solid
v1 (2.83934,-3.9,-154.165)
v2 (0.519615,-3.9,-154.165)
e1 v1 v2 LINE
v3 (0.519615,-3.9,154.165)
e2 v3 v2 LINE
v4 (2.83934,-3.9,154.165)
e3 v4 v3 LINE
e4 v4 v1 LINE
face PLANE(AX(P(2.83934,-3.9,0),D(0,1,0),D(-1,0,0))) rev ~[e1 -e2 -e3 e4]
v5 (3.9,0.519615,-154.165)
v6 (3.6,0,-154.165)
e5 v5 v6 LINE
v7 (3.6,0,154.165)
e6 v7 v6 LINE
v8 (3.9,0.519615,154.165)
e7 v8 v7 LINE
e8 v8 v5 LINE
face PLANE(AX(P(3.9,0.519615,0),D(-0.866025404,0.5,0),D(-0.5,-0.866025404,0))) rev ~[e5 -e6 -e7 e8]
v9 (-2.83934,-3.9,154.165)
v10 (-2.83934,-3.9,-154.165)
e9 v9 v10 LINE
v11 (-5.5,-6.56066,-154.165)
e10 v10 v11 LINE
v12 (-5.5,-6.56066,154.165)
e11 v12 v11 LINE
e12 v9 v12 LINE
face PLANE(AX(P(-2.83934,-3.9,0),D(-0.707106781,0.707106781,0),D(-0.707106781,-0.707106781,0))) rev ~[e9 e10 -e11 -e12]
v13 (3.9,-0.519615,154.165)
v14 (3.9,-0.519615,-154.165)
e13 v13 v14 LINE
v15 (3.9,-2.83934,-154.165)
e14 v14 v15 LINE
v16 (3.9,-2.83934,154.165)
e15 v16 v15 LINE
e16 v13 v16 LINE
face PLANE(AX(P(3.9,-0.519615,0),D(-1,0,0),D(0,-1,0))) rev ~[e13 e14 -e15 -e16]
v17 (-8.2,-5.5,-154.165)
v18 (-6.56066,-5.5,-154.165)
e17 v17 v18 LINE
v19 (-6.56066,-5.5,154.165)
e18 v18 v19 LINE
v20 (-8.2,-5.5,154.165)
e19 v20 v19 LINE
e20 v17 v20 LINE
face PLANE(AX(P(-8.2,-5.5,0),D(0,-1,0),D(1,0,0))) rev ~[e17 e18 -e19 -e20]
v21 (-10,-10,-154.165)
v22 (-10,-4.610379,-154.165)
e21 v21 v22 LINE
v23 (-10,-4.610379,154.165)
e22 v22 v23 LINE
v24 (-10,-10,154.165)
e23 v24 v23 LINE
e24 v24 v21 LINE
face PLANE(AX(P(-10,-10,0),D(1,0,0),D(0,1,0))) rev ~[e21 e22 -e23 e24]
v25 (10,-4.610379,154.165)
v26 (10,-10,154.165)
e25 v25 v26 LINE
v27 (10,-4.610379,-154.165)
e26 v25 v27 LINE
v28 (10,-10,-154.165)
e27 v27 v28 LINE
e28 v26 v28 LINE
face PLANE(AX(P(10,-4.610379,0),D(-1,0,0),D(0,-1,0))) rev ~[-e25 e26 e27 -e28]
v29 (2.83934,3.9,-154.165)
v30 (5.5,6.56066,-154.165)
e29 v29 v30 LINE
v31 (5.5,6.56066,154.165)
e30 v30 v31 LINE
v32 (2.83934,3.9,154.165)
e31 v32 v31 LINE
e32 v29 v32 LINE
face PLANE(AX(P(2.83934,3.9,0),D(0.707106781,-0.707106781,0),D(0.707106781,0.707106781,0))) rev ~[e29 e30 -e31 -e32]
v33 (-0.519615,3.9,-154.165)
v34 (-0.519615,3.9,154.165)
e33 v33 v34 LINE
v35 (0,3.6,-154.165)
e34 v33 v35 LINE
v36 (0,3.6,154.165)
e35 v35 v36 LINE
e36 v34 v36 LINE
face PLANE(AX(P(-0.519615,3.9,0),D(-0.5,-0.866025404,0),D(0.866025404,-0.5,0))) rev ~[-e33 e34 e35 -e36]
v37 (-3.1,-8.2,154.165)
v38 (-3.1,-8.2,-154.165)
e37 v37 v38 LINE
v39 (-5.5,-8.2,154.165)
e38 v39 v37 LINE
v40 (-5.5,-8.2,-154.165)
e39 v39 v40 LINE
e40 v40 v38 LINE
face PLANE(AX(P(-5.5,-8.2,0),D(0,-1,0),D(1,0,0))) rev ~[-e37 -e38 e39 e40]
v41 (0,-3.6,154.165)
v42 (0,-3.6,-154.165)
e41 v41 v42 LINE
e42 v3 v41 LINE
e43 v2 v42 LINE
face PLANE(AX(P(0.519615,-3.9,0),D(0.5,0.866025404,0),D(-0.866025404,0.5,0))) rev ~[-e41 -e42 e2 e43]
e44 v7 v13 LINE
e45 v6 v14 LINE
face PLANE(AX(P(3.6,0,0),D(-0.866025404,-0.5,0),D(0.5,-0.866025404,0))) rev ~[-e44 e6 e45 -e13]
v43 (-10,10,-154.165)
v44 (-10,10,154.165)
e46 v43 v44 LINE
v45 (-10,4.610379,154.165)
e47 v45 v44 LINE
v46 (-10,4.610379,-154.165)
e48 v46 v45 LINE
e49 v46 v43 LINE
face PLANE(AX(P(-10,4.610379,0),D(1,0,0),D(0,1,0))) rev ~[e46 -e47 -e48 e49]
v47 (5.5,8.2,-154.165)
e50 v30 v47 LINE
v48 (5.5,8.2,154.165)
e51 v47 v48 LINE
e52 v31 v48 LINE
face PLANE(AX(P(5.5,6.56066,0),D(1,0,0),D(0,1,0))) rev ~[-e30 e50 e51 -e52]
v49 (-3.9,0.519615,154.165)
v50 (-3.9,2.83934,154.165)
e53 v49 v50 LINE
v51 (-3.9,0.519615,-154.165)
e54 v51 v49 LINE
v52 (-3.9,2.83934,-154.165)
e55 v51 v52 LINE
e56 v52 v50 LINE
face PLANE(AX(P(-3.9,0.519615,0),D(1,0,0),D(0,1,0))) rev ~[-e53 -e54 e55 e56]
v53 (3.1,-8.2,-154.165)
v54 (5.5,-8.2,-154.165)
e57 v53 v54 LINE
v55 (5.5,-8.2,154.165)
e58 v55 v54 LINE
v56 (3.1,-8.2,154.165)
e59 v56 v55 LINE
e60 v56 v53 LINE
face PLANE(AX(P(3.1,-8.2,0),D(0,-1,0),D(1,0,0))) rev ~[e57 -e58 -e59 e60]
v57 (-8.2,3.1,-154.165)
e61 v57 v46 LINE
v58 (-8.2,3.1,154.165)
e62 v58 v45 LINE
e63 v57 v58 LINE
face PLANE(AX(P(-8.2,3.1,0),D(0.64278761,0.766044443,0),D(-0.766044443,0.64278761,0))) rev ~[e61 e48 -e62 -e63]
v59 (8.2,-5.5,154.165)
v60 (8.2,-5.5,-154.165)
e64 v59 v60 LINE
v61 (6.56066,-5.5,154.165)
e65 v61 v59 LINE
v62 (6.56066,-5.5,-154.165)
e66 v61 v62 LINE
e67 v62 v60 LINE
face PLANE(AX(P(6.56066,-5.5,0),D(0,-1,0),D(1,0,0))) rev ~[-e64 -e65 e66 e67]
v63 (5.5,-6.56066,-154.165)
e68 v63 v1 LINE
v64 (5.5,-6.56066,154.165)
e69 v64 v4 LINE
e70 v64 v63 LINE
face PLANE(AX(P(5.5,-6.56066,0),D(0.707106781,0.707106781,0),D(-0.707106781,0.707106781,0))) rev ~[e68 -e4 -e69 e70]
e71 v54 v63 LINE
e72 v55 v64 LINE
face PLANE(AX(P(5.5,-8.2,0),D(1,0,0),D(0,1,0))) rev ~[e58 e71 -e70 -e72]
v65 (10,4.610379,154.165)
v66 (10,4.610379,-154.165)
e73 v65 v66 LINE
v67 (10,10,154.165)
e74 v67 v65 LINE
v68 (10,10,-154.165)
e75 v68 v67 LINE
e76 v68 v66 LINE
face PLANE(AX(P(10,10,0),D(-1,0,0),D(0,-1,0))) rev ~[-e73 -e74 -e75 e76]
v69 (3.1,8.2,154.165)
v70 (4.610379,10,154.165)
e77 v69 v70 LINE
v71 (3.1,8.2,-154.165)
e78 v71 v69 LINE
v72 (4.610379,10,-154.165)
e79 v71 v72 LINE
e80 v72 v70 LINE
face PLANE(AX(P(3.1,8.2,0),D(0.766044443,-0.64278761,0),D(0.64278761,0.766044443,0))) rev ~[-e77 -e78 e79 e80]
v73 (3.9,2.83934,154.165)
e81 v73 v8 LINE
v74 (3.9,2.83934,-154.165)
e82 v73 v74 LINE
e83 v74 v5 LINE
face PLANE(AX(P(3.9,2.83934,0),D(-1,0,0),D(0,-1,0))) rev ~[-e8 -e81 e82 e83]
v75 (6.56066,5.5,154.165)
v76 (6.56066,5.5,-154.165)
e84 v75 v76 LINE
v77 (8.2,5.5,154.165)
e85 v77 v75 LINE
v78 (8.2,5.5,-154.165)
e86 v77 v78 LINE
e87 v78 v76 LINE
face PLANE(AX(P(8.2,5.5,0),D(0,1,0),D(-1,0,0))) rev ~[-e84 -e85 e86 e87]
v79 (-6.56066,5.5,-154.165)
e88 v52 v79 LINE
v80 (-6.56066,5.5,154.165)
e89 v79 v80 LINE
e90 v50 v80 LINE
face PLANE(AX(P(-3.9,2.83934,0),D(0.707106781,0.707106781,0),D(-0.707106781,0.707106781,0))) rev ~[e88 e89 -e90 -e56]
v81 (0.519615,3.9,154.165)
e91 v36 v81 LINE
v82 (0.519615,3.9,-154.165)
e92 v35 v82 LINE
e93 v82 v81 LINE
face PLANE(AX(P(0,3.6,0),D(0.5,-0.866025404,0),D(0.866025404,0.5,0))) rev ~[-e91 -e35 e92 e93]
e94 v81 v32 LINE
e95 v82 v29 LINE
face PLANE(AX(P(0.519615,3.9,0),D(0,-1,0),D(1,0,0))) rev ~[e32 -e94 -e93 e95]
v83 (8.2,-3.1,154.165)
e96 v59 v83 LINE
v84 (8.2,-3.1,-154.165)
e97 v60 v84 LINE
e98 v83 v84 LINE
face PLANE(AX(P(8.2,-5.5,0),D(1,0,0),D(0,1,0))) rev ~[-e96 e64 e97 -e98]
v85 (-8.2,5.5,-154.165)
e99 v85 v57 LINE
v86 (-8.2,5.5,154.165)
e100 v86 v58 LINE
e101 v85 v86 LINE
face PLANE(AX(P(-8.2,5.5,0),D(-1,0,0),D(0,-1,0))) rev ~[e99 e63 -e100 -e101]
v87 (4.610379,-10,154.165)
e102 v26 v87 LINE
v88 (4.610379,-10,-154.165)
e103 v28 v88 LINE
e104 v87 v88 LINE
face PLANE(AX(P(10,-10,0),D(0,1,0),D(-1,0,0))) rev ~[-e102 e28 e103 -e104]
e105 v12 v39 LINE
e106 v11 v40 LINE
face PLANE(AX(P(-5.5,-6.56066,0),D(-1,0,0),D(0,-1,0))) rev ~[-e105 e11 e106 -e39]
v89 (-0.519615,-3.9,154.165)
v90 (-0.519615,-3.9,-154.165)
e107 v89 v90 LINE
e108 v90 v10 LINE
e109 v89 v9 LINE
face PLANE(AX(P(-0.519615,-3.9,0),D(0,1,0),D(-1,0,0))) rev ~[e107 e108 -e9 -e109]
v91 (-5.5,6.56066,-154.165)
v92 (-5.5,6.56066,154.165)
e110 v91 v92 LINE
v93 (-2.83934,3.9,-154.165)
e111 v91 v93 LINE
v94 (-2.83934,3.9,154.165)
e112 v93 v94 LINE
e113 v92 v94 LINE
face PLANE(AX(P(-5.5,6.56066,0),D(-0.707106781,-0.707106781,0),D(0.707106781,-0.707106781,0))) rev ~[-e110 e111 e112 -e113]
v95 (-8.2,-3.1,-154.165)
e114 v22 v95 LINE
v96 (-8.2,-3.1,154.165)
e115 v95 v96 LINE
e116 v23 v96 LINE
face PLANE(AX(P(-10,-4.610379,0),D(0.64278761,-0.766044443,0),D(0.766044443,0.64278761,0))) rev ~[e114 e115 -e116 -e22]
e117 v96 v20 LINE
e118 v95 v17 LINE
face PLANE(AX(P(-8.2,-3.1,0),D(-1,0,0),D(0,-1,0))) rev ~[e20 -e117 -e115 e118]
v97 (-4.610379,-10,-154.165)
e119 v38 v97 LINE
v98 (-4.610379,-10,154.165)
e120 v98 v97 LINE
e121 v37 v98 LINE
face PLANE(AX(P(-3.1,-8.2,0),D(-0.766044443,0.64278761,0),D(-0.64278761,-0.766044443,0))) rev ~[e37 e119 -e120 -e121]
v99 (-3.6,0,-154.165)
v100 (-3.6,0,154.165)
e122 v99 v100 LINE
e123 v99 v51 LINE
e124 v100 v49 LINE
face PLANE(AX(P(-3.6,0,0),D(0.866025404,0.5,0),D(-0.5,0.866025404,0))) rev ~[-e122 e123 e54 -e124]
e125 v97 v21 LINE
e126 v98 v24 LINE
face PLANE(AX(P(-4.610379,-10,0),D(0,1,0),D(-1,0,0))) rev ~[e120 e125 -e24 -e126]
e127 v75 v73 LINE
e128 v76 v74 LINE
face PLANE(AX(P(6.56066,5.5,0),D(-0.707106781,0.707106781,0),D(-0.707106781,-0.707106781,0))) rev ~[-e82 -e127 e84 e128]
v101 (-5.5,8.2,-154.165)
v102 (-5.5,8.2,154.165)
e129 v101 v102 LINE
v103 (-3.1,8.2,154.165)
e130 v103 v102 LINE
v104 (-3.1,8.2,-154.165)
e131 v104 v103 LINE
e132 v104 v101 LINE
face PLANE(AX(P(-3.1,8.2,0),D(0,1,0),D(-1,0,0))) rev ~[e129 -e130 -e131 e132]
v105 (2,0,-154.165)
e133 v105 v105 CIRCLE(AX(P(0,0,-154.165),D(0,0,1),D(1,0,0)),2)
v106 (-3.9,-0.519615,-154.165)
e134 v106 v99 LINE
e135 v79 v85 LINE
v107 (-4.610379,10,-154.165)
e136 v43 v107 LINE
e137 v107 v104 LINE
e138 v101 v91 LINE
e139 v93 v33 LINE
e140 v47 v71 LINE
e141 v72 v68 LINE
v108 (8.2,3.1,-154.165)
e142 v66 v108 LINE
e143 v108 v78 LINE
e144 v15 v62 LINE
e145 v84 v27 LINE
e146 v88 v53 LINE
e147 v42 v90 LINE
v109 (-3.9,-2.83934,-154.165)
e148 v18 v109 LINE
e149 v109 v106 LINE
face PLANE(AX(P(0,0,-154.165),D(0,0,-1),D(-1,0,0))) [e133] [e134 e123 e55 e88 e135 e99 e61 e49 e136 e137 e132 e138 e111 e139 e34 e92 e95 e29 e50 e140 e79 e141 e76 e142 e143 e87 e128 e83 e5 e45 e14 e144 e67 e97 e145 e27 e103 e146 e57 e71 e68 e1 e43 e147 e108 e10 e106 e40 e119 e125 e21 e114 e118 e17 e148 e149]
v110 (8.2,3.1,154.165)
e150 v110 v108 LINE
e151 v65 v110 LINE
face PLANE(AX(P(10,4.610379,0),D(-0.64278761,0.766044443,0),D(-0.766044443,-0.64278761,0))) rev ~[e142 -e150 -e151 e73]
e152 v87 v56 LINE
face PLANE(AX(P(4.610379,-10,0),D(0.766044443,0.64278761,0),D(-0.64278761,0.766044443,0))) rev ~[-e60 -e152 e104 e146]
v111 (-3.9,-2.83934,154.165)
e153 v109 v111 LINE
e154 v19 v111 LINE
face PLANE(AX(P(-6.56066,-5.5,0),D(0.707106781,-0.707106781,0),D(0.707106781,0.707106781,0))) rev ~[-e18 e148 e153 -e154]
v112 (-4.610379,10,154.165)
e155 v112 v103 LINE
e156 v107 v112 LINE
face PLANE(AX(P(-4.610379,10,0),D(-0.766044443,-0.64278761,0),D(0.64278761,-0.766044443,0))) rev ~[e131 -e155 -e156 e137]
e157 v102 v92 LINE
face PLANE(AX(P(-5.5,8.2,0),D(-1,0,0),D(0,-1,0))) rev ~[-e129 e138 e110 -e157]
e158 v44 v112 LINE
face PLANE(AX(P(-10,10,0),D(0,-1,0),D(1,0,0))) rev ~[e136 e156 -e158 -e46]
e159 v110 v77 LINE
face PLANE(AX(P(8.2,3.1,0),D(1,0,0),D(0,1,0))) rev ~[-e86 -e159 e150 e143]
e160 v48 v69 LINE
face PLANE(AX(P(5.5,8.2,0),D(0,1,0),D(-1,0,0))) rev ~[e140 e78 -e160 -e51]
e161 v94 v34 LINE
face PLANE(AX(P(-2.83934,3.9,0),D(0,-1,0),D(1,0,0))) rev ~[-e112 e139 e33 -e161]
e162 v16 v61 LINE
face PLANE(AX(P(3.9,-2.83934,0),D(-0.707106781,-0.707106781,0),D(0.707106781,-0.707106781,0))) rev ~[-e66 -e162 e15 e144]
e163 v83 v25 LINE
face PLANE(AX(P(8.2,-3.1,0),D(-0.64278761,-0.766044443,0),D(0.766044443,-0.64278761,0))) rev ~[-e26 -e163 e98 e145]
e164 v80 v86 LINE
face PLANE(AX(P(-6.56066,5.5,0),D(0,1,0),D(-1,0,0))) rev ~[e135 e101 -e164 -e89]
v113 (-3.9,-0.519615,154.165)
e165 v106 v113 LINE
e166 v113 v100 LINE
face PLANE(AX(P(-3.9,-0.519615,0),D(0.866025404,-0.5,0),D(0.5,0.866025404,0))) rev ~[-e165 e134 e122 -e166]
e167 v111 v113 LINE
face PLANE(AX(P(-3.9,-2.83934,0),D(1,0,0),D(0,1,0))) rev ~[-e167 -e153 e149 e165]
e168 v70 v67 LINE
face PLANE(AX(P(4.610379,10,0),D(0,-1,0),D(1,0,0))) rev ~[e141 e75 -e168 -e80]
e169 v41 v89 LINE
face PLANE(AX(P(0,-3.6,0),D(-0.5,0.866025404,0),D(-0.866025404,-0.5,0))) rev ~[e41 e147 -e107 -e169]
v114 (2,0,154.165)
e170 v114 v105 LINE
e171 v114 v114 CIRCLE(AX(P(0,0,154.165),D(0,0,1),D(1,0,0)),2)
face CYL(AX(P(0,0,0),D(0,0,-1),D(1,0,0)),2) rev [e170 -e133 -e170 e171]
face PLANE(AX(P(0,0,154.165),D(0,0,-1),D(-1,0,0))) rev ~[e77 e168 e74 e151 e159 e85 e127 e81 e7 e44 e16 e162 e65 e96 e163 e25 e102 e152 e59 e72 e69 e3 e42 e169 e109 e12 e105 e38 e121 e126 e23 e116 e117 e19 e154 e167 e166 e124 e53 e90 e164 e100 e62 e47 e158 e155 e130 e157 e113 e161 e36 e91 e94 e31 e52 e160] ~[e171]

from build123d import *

# Parameters (mm, degrees)
SKETCH1_R           = 2
BOSS_EXTRUDE1_DEPTH = 154.165


with BuildPart() as part:
    # Sketch1 → Boss-Extrude1 (new body, symmetric)
    with BuildSketch(Plane.XY):
        Polygon((10, 10), (10, 4.610379336), (8.2, 3.1), (8.2, 5.5), (6.560660172, 5.5), (3.9, 2.839339828), (3.9, 0.519615242), (3.6, 0), (3.9, -0.519615242), (3.9, -2.839339828), (6.560660172, -5.5), (8.2, -5.5), (8.2, -3.1), (10, -4.610379336), (10, -10), (4.610379336, -10), (3.1, -8.2), (5.5, -8.2), (5.5, -6.560660172), (2.839339828, -3.9), (0.519615242, -3.9), (0, -3.6), (-0.519615242, -3.9), (-2.839339828, -3.9), (-5.5, -6.560660172), (-5.5, -8.2), (-3.1, -8.2), (-4.610379336, -10), (-10, -10), (-10, -4.610379336), (-8.2, -3.1), (-8.2, -5.5), (-6.560660172, -5.5), (-3.9, -2.839339828), (-3.9, -0.519615242), (-3.6, 0), (-3.9, 0.519615242), (-3.9, 2.839339828), (-6.560660172, 5.5), (-8.2, 5.5), (-8.2, 3.1), (-10, 4.610379336), (-10, 10), (-4.610379336, 10), (-3.1, 8.2), (-5.5, 8.2), (-5.5, 6.560660172), (-2.839339828, 3.9), (-0.519615242, 3.9), (0, 3.6), (0.519615242, 3.9), (2.839339828, 3.9), (5.5, 6.560660172), (5.5, 8.2), (3.1, 8.2), (4.610379336, 10), align=None)
        Circle(SKETCH1_R, mode=Mode.SUBTRACT)
    extrude(amount=BOSS_EXTRUDE1_DEPTH, both=True)


solid = part.part
